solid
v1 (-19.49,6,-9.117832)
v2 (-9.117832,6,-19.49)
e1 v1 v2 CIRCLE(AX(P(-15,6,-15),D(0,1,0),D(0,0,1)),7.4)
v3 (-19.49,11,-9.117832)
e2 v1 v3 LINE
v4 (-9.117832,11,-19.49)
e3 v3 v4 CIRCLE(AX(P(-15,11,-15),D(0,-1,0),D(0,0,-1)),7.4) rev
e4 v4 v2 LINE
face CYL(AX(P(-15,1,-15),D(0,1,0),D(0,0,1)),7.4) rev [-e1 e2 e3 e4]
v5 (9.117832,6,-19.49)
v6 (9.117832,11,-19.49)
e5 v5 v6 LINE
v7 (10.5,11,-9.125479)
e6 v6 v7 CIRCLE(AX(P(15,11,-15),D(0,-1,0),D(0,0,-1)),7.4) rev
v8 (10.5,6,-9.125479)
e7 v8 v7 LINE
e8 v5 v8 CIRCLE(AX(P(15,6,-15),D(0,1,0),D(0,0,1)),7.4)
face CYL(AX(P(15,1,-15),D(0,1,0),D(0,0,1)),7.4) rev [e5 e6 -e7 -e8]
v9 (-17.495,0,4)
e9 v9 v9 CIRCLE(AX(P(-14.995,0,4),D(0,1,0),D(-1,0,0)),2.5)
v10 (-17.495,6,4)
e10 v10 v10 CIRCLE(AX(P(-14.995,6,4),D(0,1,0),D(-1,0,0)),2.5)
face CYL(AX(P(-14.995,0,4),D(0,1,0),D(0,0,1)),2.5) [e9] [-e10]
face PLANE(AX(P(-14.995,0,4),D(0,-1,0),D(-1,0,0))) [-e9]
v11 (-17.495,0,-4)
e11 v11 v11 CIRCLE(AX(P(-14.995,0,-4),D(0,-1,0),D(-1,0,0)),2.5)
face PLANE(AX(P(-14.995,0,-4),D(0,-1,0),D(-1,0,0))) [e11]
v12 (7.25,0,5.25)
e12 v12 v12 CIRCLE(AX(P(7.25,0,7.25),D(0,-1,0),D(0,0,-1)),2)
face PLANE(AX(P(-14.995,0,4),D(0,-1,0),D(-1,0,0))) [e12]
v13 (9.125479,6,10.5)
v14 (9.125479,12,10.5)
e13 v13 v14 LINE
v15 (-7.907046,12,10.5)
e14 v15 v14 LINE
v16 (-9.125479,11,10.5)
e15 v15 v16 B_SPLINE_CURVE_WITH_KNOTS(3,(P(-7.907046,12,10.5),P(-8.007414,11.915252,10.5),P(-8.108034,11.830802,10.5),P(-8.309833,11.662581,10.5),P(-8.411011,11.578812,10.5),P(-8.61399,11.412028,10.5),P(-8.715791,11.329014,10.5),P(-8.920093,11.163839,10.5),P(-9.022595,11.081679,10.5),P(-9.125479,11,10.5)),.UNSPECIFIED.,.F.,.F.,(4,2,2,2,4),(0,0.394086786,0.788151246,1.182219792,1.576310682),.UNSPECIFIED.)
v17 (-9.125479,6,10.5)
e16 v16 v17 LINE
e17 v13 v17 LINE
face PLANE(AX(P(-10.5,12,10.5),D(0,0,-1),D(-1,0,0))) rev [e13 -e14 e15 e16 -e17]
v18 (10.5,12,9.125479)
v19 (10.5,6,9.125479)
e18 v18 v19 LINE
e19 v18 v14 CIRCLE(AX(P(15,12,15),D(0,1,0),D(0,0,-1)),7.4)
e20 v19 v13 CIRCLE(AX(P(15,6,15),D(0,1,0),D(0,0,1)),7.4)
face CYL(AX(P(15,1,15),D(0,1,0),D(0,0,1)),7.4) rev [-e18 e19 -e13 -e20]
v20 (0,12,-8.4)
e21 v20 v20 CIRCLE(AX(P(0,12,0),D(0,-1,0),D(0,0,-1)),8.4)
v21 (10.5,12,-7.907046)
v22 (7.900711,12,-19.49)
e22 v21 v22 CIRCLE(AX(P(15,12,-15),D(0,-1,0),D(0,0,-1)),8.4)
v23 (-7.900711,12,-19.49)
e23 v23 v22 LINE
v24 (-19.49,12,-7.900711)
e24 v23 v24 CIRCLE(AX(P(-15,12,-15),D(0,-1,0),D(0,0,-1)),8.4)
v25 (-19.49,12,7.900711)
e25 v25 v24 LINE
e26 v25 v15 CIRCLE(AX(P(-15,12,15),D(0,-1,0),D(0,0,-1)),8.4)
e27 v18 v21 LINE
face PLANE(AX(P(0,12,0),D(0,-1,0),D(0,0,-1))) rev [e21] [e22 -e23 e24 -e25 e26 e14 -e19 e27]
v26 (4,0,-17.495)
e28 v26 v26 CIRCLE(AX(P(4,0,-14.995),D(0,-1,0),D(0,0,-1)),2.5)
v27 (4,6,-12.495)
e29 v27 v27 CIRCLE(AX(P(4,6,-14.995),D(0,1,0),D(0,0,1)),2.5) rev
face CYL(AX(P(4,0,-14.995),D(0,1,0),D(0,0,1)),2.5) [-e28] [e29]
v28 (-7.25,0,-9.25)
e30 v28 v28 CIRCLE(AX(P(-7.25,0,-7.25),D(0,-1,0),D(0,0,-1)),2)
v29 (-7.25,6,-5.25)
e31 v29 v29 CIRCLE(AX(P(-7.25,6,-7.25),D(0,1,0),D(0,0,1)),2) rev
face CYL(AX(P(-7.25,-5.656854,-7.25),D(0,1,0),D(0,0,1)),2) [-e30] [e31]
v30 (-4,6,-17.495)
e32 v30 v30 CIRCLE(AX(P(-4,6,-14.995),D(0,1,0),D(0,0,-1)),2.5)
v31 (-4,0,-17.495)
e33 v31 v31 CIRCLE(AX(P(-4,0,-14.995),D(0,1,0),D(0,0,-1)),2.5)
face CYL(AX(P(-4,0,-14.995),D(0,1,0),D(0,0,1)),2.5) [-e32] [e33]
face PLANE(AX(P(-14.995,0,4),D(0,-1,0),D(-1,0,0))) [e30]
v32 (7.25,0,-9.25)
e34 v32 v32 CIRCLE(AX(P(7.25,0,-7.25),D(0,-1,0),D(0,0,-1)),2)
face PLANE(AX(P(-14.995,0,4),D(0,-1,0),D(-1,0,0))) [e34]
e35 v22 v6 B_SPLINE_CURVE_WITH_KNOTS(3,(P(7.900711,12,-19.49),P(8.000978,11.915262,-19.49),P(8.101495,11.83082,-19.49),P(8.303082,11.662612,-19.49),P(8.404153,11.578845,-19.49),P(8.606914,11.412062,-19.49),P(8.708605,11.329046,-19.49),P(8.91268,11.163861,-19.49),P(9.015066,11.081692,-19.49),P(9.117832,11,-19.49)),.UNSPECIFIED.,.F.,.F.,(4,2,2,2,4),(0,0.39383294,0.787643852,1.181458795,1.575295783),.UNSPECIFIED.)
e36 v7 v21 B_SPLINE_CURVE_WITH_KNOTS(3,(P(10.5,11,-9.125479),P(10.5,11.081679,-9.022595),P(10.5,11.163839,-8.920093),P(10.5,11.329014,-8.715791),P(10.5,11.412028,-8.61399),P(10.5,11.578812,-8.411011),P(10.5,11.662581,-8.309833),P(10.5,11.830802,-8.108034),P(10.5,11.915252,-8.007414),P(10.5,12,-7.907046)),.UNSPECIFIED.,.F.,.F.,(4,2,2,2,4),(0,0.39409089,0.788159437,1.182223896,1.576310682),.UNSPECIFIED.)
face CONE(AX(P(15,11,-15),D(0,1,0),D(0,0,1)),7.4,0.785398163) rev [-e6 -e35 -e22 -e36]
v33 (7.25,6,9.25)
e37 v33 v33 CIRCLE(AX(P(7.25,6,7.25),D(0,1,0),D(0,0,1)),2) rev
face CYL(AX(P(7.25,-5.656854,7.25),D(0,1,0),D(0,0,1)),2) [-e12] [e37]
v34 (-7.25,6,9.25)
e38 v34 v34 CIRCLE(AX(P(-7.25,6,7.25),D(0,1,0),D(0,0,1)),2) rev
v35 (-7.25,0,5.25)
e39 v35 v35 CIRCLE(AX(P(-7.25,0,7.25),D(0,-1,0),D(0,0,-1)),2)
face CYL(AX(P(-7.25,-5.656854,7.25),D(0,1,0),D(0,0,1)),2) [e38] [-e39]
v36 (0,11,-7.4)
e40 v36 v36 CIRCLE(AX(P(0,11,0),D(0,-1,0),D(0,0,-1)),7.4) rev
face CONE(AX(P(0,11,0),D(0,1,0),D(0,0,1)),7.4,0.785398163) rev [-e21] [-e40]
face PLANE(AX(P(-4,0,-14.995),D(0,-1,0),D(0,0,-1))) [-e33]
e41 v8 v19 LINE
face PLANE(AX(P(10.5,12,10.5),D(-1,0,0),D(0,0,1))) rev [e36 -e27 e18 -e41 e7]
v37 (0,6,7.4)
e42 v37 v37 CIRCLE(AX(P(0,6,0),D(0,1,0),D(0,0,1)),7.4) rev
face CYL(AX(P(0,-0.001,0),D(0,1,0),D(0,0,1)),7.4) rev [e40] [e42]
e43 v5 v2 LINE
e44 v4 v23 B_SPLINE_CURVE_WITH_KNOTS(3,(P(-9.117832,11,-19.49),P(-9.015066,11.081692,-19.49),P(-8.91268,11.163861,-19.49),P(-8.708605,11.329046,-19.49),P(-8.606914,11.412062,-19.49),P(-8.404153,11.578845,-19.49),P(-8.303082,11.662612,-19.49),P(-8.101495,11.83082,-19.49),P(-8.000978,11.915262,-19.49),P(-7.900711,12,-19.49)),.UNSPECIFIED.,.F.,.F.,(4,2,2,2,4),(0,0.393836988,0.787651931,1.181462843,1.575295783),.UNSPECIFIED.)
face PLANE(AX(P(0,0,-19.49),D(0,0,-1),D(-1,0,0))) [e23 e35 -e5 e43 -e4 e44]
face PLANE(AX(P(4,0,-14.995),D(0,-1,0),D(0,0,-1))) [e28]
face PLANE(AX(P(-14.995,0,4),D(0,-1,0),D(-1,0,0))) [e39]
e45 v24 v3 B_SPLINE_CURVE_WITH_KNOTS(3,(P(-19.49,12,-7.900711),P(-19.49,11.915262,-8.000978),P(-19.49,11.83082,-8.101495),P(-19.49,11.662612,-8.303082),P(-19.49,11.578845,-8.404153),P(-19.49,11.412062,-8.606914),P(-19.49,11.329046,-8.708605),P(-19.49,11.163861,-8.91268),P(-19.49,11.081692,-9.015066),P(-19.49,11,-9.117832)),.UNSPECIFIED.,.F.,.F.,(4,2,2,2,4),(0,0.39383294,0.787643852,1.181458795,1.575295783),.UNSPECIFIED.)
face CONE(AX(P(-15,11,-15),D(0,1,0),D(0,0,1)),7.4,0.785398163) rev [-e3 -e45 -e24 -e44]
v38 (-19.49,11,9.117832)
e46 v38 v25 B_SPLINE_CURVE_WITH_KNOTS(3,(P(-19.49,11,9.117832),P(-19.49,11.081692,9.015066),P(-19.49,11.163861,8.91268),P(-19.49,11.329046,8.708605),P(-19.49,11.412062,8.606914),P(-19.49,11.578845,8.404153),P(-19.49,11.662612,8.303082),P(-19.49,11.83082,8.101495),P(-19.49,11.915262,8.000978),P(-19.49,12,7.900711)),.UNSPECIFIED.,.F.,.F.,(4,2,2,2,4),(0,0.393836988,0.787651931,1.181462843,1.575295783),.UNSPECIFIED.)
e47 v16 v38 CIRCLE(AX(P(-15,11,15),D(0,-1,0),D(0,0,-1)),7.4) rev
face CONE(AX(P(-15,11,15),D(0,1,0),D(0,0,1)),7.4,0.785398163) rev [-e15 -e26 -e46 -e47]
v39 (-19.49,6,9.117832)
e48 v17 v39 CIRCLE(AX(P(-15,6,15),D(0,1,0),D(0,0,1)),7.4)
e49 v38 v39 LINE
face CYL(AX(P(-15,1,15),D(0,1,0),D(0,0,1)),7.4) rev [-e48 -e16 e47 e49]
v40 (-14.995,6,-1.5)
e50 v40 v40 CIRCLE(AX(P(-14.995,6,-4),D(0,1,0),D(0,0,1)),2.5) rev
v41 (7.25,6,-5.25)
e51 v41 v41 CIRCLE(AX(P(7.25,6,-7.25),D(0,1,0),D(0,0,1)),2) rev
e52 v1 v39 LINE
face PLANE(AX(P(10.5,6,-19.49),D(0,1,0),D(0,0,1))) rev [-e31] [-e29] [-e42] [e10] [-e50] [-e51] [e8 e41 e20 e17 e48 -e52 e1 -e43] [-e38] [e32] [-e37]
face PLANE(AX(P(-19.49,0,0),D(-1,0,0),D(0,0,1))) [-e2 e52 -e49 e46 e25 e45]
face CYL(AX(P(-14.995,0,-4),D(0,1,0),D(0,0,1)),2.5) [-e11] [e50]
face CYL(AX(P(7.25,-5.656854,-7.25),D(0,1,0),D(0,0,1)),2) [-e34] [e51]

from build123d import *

# Parameters (mm, degrees)
SKETCH1_W                   = 21
SKETCH1_H                   = 21
BOSS_EXTRUDE1_DEPTH         = 12
CUT_EXTRUDE1_REACH          = 21.092
SKETCH2_R                   = 7.4
SKETCH3_W                   = 21
SKETCH3_H                   = 6
BOSS_EXTRUDE2_DEPTH         = 8.99
SKETCH4_W                   = 21
SKETCH4_H                   = 6
BOSS_EXTRUDE3_DEPTH         = 8.99
SKETCH5_R                   = 2.5
BOSS_EXTRUDE4_DEPTH         = 6
CUT_EXTRUDE2_REACH          = 24.937
SKETCH6_R                   = 2.6
CIRPATTERN1_COUNT           = 2
CIRPATTERN1_ANGLE           = 90
CIRPATTERN1_COPY_1_SKETCH_R = 2.5
CIRPATTERN1_COPY_1_DEPTH    = 6
CIRPATTERN1_COPY_2_REACH    = 24.937
CIRPATTERN1_COPY_2_SKETCH_R = 2.6
SKETCH7_W                   = 31.659066887
SKETCH7_H                   = 31.46982372
CUT_EXTRUDE3_DEPTH          = 11
FILLET1_R                   = 7
SKETCH9_R                   = 7.4
CUT_EXTRUDE4_DEPTH          = 11
CIRPATTERN2_COUNT           = 4
SKETCH10_R                  = 2
BOSS_EXTRUDE5_DEPTH         = 6
CIRPATTERN3_COUNT           = 4
CHAMFER1_SIZE               = 1
CHAMFER2_SIZE               = 1


with BuildPart() as part:
    # Sketch1 → Boss-Extrude1 (new body)
    with BuildSketch(Plane(origin=(0, 0, 0), x_dir=(1, 0, 0), z_dir=(0, 1, 0))):
        Rectangle(SKETCH1_W, SKETCH1_H)
    extrude(amount=BOSS_EXTRUDE1_DEPTH)

    # Sketch2 → Cut-Extrude1 (cut, up to next)
    with BuildSketch(Plane(origin=(0, 12, 0), x_dir=(1, 0, 0), z_dir=(0, 1, 0)), mode=Mode.PRIVATE) as cut_extrude1_sk1:
        with Locations(Location((0, 0, 0), (0, 0, 270))):
            Circle(SKETCH2_R)
    cut_extrude1_tool1 = extrude(cut_extrude1_sk1.sketch, amount=-CUT_EXTRUDE1_REACH, mode=Mode.PRIVATE) & part.part
    add(cut_extrude1_tool1.solids().sort_by_distance((0, 12, 0))[0], mode=Mode.SUBTRACT)

    # Sketch3 → Boss-Extrude2 (add)
    with BuildSketch(Plane.XY.offset(10.5)):
        with Locations((0, 3)):
            Rectangle(SKETCH3_W, SKETCH3_H)
    boss_extrude2 = extrude(amount=BOSS_EXTRUDE2_DEPTH)

    # Sketch4 → Boss-Extrude3 (add)
    with BuildSketch(Plane(origin=(0, 0, -10.5), x_dir=(-1, 0, 0), z_dir=(0, 0, -1))):
        with Locations((0, 9)):
            Rectangle(SKETCH4_W, SKETCH4_H)
    boss_extrude3 = extrude(amount=BOSS_EXTRUDE3_DEPTH)

    # Sketch5 → Boss-Extrude4 (add)
    with BuildSketch(Plane.XZ.offset(-6)):
        with Locations(Location((4, -14.995, 0), (0, 0, 90))):
            Circle(SKETCH5_R)
    boss_extrude4 = extrude(amount=BOSS_EXTRUDE4_DEPTH)

    # Sketch6 → Cut-Extrude2 (cut, up to next)
    with BuildSketch(Plane(origin=(0, 6, 0), x_dir=(1, 0, 0), z_dir=(0, 1, 0)), mode=Mode.PRIVATE) as cut_extrude2_sk1:
        with Locations(Location((4.5, -14.995, 0), (0, 0, 270))):
            Circle(SKETCH6_R)
    cut_extrude2_tool1 = extrude(cut_extrude2_sk1.sketch, amount=-CUT_EXTRUDE2_REACH, mode=Mode.PRIVATE) & part.part
    cut_extrude2 = cut_extrude2_tool1.solids().sort_by_distance((4.5, 6, 14.995))[0]
    add(cut_extrude2, mode=Mode.SUBTRACT)

    # Mirror1: Boss-Extrude4 across plane
    add(boss_extrude4.mirror(Plane(origin=(0, 0, 0), x_dir=(0, 0, 1), z_dir=(1, 0, 0))))

    # Mirror2: Cut-Extrude2 across plane
    add(cut_extrude2.mirror(Plane(origin=(0, 0, 0), x_dir=(0, 0, 1), z_dir=(1, 0, 0))), mode=Mode.SUBTRACT)

    # CirPattern1: Boss-Extrude2, Boss-Extrude3, Boss-Extrude4, Cut-Extrude2 ×2 about axis
    cirpattern1_axis = Axis((0, 0, 0), (0, 1, 0))
    add([boss_extrude2.rotate(cirpattern1_axis, i * CIRPATTERN1_ANGLE / (CIRPATTERN1_COUNT - 1)) for i in range(1, CIRPATTERN1_COUNT)])
    add([boss_extrude3.rotate(cirpattern1_axis, i * CIRPATTERN1_ANGLE / (CIRPATTERN1_COUNT - 1)) for i in range(1, CIRPATTERN1_COUNT)])
    add([boss_extrude4.rotate(cirpattern1_axis, i * CIRPATTERN1_ANGLE / (CIRPATTERN1_COUNT - 1)) for i in range(1, CIRPATTERN1_COUNT)])
    add([cut_extrude2.rotate(cirpattern1_axis, i * CIRPATTERN1_ANGLE / (CIRPATTERN1_COUNT - 1)) for i in range(1, CIRPATTERN1_COUNT)], mode=Mode.SUBTRACT)

    # CirPattern1 copy 1 sketch → CirPattern1 copy 1 (add)
    with BuildSketch(Plane(origin=(0, 6, 0), x_dir=(0, 0, 1), z_dir=(0, -1, 0))):
        with Locations((4, 14.995)):
            Circle(CIRPATTERN1_COPY_1_SKETCH_R)
    extrude(amount=CIRPATTERN1_COPY_1_DEPTH)

    # CirPattern1 copy 2 sketch → CirPattern1 copy 2 (cut, up to next)
    with BuildSketch(Plane.ZX.offset(6), mode=Mode.PRIVATE) as cirpattern1_copy_2_sk1:
        with Locations((4.5, 14.995)):
            Circle(CIRPATTERN1_COPY_2_SKETCH_R)
    cirpattern1_copy_2_tool1 = extrude(cirpattern1_copy_2_sk1.sketch, amount=-CIRPATTERN1_COPY_2_REACH, mode=Mode.PRIVATE) & part.part
    add(cirpattern1_copy_2_tool1.solids().sort_by_distance((14.995, 6, 4.5))[0], mode=Mode.SUBTRACT)

    # Sketch7 → Cut-Extrude3 (cut)
    with BuildSketch(Plane.XZ.offset(-6)):
        with Locations((5.329533444, 5.23491186)):
            Rectangle(SKETCH7_W, SKETCH7_H)
    extrude(amount=CUT_EXTRUDE3_DEPTH, mode=Mode.SUBTRACT)

    # Fillet1
    fillet1_edges = [part.edges().sort_by_distance(p)[0] for p in [
        (-10.5, 9, -10.5),
    ]]
    fillet(fillet1_edges, radius=FILLET1_R)

    # Sketch9 → Cut-Extrude4 (cut)
    with BuildSketch(Plane(origin=(0, 12, 0), x_dir=(1, 0, 0), z_dir=(0, 1, 0))):
        with Locations((-15, 15)):
            Circle(SKETCH9_R)
    cut_extrude4 = extrude(amount=-CUT_EXTRUDE4_DEPTH, mode=Mode.SUBTRACT)

    # CirPattern2: Cut-Extrude4 ×4 about axis
    cirpattern2_axis = Axis((0, 0, 0), (0, 1, 0))
    for i in range(1, CIRPATTERN2_COUNT):
        add(cut_extrude4.rotate(cirpattern2_axis, i * 360 / CIRPATTERN2_COUNT), mode=Mode.SUBTRACT)

    # Sketch10 → Boss-Extrude5 (add)
    with BuildSketch(Plane.XZ.offset(-6)):
        with Locations(Location((-7.25, 7.25, 0), (0, 0, 90))):
            Circle(SKETCH10_R)
    boss_extrude5 = extrude(amount=BOSS_EXTRUDE5_DEPTH)

    # CirPattern3: Boss-Extrude5 ×4 about axis
    cirpattern3_axis = Axis((0, 0, 0), (0, 1, 0))
    for i in range(1, CIRPATTERN3_COUNT):
        add(boss_extrude5.rotate(cirpattern3_axis, i * 360 / CIRPATTERN3_COUNT))

    # Chamfer1
    chamfer1_edges = [part.edges().sort_by_distance(p)[0] for p in [
        (0, 12, -7.4),
    ]]
    chamfer(chamfer1_edges, length=CHAMFER1_SIZE)

    # Chamfer2
    chamfer2_edges = [part.edges().sort_by_distance(p)[0] for p in [
        (-9.767409819, 12, -9.767409819),
        (7.664935028, 12, -14.02182729),
        (-14.02182729, 12, 7.664935028),
    ]]
    chamfer(chamfer2_edges, length=CHAMFER2_SIZE)


solid = part.part
